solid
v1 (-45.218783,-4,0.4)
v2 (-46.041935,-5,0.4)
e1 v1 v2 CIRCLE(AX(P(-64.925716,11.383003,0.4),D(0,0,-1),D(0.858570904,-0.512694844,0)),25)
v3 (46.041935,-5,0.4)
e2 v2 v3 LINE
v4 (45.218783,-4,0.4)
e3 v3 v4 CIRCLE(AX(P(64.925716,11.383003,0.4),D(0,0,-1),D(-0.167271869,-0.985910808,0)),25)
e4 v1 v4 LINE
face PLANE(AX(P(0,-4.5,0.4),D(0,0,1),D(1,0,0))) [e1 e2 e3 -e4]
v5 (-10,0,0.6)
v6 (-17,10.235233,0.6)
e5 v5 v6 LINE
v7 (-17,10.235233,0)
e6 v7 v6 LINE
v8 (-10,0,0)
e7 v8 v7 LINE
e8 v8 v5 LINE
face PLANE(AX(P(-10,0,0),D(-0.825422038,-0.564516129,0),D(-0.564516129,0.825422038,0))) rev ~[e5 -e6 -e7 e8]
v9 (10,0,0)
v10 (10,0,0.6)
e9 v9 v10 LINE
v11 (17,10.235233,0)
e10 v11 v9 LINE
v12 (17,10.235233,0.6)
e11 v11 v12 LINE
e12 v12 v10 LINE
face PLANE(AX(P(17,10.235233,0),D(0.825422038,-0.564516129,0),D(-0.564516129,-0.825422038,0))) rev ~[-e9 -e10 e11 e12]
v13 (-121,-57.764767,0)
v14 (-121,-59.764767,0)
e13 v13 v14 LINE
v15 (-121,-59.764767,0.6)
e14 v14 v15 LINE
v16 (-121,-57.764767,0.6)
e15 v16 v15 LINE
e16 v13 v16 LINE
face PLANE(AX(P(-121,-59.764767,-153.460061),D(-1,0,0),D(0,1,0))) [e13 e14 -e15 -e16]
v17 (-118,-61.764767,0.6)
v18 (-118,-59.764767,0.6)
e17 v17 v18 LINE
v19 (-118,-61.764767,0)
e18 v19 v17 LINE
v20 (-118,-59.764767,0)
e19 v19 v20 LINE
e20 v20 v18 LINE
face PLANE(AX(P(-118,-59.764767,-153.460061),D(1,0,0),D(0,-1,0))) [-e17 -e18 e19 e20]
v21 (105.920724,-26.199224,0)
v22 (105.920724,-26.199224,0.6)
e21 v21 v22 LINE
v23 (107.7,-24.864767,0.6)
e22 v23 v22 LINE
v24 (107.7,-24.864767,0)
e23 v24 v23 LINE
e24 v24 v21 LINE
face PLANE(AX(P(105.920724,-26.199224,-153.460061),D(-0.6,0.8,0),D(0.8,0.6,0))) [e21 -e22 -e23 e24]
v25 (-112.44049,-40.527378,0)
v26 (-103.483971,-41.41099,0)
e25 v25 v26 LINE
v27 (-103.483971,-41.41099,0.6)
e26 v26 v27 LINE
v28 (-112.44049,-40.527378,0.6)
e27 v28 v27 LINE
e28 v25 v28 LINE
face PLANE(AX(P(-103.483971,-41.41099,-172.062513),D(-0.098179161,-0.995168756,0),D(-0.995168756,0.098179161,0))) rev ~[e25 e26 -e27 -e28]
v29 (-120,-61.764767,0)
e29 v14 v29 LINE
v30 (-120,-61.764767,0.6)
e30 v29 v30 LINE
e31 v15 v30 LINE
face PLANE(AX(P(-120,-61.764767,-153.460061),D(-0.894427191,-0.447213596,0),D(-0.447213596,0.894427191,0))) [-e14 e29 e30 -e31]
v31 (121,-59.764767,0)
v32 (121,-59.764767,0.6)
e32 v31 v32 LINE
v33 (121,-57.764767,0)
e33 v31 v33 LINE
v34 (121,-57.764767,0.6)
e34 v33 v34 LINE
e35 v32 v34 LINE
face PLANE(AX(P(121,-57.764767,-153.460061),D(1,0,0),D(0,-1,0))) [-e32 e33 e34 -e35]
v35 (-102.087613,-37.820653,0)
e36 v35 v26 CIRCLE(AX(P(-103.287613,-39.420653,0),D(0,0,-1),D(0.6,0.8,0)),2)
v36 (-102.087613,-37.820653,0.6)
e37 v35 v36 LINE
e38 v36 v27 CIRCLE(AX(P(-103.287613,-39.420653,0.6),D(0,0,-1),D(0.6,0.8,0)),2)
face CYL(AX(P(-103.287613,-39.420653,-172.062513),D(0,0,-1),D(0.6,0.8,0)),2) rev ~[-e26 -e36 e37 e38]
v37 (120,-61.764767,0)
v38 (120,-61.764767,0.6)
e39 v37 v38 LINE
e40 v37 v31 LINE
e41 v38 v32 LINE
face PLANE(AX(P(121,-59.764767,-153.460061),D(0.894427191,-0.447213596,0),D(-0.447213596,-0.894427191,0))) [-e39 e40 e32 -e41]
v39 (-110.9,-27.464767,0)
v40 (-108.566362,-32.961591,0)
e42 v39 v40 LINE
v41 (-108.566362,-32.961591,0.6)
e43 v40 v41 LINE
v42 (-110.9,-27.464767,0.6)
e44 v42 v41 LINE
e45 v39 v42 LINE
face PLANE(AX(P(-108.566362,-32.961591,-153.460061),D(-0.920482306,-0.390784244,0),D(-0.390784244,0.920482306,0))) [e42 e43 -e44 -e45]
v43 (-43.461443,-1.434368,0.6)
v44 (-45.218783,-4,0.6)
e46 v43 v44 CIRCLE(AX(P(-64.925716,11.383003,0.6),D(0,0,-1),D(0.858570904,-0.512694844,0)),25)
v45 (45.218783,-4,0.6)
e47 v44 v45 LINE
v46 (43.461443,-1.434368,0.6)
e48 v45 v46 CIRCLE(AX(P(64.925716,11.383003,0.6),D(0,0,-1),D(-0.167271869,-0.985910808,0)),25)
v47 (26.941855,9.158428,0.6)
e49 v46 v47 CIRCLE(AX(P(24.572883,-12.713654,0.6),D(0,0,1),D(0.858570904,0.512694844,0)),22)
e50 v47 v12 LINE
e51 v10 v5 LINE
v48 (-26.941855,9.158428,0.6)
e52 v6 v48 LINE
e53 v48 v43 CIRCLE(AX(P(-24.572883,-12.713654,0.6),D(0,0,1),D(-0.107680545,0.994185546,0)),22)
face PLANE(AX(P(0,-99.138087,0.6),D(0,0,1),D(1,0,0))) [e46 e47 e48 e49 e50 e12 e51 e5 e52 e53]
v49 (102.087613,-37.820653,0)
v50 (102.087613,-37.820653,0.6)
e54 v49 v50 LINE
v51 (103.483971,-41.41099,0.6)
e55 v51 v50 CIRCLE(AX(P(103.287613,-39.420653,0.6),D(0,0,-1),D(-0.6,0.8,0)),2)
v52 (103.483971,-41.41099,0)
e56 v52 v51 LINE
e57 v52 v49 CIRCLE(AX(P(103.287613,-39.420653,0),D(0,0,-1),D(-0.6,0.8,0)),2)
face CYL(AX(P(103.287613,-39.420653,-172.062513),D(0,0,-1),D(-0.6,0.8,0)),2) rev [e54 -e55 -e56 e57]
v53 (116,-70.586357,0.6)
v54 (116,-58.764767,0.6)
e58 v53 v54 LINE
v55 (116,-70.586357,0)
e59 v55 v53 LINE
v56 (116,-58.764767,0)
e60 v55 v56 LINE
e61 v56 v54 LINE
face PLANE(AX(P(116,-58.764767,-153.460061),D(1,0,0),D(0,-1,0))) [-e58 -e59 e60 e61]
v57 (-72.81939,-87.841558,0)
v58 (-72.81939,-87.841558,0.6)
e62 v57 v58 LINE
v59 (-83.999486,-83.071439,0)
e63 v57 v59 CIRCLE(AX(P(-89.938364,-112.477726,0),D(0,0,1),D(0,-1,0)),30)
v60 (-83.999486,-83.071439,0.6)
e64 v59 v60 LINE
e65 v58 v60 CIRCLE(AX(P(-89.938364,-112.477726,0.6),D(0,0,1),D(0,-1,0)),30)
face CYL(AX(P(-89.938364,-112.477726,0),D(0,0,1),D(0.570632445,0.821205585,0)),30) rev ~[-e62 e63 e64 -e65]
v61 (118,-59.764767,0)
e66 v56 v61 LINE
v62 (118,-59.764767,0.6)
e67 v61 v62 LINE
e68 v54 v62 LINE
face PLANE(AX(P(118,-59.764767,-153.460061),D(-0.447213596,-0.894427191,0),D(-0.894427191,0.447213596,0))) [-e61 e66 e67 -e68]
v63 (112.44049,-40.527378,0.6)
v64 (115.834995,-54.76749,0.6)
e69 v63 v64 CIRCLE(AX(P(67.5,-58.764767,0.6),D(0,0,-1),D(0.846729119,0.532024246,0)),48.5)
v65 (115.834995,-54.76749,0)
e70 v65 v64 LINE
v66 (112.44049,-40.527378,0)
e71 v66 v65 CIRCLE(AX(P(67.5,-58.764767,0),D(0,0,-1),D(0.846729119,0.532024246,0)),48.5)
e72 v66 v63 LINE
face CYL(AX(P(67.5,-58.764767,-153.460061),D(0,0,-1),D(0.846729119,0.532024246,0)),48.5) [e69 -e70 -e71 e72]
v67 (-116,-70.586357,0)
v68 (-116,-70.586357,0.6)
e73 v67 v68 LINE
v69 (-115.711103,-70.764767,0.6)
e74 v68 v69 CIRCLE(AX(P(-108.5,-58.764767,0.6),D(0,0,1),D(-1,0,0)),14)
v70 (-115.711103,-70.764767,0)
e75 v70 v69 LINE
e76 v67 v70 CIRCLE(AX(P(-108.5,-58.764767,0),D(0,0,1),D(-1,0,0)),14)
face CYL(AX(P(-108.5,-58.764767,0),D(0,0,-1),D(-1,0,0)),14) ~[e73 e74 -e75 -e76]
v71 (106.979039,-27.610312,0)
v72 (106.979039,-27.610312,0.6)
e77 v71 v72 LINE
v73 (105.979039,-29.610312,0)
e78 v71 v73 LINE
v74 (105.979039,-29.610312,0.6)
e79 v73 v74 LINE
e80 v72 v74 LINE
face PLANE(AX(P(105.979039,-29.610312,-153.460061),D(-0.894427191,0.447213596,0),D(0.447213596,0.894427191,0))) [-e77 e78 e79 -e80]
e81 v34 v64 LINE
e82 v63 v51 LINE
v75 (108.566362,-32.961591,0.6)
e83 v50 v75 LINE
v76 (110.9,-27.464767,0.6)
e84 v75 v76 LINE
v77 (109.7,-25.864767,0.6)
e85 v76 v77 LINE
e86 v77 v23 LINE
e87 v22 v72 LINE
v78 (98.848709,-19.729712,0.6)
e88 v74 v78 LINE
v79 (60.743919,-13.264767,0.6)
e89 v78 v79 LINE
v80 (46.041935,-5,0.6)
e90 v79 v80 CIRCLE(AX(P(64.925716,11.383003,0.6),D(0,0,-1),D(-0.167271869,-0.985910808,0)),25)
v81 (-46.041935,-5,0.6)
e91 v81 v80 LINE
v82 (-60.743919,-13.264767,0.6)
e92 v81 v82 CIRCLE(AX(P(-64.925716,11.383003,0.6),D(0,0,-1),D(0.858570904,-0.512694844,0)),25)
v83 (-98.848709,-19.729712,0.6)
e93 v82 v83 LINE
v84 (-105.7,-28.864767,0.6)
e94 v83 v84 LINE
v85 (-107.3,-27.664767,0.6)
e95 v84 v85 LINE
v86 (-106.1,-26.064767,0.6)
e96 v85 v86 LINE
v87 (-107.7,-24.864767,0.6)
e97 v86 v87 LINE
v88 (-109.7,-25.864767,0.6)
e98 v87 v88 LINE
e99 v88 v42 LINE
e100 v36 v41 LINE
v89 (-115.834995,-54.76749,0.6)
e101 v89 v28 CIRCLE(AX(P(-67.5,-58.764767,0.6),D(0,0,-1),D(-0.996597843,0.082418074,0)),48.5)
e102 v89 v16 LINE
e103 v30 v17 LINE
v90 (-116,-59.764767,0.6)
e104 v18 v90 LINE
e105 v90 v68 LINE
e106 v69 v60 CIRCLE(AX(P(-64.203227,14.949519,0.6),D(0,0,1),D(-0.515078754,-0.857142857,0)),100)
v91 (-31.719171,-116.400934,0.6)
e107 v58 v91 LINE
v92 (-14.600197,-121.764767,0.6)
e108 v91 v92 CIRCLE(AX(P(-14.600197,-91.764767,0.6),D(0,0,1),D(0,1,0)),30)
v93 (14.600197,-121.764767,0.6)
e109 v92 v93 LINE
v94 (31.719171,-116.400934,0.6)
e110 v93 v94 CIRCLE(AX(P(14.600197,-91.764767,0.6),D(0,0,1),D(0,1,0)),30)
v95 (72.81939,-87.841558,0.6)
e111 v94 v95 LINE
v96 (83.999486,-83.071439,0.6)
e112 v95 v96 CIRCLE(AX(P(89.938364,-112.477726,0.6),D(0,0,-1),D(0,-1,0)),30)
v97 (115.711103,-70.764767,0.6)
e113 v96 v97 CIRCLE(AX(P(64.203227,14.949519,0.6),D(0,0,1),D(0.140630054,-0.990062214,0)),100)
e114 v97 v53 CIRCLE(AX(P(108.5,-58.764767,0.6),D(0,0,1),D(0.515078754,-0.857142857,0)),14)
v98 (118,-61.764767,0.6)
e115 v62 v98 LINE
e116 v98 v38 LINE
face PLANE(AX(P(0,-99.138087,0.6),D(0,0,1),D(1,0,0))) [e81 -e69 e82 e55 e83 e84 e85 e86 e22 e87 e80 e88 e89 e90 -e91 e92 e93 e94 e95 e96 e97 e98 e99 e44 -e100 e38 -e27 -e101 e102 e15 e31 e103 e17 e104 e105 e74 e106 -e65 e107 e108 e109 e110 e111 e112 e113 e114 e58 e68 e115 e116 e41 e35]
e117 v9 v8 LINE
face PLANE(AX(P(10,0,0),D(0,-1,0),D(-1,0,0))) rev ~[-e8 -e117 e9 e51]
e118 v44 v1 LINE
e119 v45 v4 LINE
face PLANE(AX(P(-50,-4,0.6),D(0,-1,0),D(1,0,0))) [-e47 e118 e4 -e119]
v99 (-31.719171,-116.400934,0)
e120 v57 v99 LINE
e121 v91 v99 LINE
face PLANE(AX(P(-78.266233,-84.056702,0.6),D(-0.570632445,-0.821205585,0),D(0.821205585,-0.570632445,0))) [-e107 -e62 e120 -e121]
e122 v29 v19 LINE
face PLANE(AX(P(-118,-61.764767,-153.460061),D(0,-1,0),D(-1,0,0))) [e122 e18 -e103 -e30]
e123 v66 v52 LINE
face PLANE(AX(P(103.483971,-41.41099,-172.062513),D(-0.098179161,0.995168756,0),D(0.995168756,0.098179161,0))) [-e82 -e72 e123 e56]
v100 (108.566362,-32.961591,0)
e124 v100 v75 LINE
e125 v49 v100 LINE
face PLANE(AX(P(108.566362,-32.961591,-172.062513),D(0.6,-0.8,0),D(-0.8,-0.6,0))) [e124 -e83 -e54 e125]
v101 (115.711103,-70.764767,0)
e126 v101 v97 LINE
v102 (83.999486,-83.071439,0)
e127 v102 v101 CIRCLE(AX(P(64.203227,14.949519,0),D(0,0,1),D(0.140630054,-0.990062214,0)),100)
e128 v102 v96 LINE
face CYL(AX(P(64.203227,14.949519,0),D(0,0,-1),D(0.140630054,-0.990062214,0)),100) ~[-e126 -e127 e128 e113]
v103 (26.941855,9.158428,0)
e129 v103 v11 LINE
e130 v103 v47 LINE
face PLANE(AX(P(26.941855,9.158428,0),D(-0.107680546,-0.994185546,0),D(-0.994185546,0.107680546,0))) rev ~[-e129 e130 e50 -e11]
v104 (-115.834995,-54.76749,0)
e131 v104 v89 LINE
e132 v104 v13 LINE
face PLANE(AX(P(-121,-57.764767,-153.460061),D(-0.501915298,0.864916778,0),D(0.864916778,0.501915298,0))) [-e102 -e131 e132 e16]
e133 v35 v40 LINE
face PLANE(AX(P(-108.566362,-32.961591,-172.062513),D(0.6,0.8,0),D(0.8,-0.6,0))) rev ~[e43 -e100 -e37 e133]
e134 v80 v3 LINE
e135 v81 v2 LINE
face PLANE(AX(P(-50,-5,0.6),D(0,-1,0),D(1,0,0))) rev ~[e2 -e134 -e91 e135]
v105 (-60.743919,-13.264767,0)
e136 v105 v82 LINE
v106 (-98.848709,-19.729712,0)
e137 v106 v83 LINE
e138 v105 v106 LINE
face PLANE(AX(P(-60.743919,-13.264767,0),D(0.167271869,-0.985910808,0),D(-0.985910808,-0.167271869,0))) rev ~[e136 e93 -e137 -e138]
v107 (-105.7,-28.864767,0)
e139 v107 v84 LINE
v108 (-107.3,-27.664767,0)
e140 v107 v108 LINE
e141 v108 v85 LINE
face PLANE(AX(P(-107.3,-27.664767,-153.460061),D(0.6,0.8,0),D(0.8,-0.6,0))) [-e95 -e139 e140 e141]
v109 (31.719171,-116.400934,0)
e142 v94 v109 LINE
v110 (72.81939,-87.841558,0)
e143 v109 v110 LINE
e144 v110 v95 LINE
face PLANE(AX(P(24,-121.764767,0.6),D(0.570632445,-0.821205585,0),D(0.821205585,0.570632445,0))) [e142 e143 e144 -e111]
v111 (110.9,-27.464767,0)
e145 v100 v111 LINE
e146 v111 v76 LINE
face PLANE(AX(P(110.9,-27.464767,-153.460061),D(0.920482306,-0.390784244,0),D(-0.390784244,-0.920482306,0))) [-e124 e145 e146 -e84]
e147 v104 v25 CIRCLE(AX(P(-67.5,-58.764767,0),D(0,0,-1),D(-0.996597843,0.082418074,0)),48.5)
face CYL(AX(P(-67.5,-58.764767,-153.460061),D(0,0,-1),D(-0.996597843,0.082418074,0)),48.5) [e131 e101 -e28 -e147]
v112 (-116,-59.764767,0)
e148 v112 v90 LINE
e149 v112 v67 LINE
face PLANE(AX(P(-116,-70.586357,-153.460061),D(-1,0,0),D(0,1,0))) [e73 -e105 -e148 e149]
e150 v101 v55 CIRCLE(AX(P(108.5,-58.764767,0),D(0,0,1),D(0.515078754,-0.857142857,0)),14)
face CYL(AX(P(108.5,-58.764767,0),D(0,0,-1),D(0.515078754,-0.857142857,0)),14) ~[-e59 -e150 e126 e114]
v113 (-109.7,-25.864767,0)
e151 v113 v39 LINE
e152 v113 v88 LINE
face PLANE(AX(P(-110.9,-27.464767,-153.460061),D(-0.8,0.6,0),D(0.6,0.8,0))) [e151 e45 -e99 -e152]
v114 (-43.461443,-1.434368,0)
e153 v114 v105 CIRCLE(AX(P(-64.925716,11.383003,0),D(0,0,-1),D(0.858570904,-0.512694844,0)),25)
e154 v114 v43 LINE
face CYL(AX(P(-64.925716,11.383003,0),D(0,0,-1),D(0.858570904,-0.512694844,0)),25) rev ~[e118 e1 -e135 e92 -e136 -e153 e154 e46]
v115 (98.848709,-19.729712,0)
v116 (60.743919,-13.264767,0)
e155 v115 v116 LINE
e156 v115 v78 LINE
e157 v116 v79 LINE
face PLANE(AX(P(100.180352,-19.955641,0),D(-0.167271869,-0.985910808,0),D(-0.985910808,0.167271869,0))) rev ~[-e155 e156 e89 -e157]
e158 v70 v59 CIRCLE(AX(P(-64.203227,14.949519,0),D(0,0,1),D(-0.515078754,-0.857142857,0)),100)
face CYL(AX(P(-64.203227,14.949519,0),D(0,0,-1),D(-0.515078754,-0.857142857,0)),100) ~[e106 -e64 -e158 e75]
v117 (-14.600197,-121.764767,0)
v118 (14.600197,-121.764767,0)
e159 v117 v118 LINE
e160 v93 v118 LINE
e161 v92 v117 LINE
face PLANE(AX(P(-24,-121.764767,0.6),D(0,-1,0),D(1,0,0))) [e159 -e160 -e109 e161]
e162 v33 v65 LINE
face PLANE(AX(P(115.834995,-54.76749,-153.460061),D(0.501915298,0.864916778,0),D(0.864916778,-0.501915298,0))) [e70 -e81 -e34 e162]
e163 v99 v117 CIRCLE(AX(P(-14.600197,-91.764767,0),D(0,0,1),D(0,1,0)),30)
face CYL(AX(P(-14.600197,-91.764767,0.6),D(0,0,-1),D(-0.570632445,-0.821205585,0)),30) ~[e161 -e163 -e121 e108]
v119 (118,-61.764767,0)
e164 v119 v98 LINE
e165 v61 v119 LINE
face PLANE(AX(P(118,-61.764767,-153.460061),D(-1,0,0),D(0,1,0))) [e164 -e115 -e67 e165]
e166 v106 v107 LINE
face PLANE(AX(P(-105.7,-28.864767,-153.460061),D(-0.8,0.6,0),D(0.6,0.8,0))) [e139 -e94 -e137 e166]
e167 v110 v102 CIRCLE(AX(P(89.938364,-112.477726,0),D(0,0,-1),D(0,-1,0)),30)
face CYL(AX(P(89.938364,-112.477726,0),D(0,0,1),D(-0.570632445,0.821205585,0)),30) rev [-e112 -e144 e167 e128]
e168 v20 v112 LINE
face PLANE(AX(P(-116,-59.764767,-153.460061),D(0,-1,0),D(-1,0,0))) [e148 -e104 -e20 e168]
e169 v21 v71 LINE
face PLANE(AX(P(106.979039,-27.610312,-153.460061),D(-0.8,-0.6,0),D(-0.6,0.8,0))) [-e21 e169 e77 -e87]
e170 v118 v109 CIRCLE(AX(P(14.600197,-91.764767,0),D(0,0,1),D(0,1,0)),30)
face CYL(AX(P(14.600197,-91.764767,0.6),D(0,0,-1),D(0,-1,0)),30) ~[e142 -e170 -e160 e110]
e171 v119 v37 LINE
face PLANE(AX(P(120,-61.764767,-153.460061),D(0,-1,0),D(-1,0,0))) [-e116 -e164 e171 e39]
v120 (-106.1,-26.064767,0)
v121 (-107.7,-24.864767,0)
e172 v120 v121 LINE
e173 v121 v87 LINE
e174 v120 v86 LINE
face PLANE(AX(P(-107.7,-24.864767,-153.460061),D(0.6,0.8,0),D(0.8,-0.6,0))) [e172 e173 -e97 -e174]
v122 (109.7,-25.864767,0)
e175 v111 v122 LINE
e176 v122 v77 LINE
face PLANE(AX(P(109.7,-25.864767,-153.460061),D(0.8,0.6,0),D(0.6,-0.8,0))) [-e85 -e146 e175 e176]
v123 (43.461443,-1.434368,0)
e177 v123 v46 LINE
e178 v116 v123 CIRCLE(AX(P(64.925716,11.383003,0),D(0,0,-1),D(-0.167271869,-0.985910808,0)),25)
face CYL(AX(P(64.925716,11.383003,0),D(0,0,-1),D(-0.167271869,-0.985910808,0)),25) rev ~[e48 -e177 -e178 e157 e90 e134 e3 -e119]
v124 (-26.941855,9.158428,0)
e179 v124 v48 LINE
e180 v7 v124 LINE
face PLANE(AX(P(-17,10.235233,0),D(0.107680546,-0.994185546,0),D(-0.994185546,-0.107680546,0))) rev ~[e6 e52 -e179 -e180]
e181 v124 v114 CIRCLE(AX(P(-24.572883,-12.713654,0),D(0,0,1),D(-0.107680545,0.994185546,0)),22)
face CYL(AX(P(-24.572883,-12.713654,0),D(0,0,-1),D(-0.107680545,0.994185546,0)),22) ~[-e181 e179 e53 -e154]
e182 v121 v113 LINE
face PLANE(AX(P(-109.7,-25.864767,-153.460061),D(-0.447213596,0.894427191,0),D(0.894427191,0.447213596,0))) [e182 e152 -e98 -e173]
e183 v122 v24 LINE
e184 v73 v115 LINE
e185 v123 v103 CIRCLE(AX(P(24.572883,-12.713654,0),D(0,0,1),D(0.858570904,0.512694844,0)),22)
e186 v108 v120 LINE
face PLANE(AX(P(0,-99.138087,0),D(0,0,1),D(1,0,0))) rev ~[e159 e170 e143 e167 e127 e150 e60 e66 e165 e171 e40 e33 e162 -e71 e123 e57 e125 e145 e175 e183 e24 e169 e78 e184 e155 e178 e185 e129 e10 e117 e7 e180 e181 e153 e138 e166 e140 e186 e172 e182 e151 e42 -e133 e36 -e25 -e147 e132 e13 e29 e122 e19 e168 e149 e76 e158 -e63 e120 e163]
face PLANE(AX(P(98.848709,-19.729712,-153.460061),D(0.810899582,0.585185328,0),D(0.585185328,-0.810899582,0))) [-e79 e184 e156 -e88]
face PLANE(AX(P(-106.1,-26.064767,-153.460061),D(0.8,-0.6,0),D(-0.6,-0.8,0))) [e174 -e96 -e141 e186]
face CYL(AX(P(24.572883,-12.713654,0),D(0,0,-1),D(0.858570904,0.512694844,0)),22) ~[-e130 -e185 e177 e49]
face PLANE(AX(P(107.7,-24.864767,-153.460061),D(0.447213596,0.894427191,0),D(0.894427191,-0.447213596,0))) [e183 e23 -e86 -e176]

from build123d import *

# Parameters (mm, degrees)
MAIN_SHAPE_DEPTH               = 0.6
TABS_DEPTH                     = 154.060061459
TABS_DEPTH_BACK                = 154.060061459
CHIN_GUARD_DEPTH               = 0.6
FILLET1_R                      = 30
QUICK_RELEASE_NOTCH_DEPTH      = 172.662513141
QUICK_RELEASE_NOTCH_DEPTH_BACK = 172.662513141
SKETCH8_W                      = 100
SKETCH8_H                      = 1
CUT_EXTRUDE3_DEPTH             = 0.2


with BuildPart() as part:
    # Sketch1 → Main Shape (new body)
    with BuildSketch(Plane.XY):
        with BuildLine():
            Line((-24, -91.764766734), (24, -91.764766734))
            Line((24, -91.764766734), (78.266232563, -84.05670244))
            ThreePointArc((78.266232563, -84.05670244), (97.655491519, -79.289252293), (115.711102551, -70.764766734))
            ThreePointArc((115.711102551, -70.764766734), (120.685143325, -65.658407438), (122.5, -58.764766734))
            ThreePointArc((122.5, -58.764766734), (120.227482046, -43.118277124), (113.597722286, -28.764766734))
            ThreePointArc((113.597722286, -28.764766734), (107.811505455, -22.955172168), (100.180351554, -19.955641477))
            Line((100.180351554, -19.955641477), (60.74391922, -13.264766734))
            ThreePointArc((60.74391922, -13.264766734), (50.804108255, -9.246591688), (43.461443341, -1.434367632))
            ThreePointArc((43.461443341, -1.434367632), (36.448172688, 5.805997675), (26.941855461, 9.15842781))
            Line((26.941855461, 9.15842781), (17, 10.235233266))
            Line((17, 10.235233266), (10, 0))
            Line((10, 0), (-10, 0))
            Line((-10, 0), (-17, 10.235233266))
            Line((-17, 10.235233266), (-26.941855461, 9.15842781))
            ThreePointArc((-26.941855461, 9.15842781), (-36.448172688, 5.805997675), (-43.461443341, -1.434367632))
            ThreePointArc((-43.461443341, -1.434367632), (-50.804108255, -9.246591688), (-60.74391922, -13.264766734))
            Line((-60.74391922, -13.264766734), (-100.180351554, -19.955641477))
            ThreePointArc((-100.180351554, -19.955641477), (-107.811505455, -22.955172168), (-113.597722286, -28.764766734))
            ThreePointArc((-113.597722286, -28.764766734), (-120.227482046, -43.118277124), (-122.5, -58.764766734))
            ThreePointArc((-122.5, -58.764766734), (-120.685143325, -65.658407438), (-115.711102551, -70.764766734))
            ThreePointArc((-115.711102551, -70.764766734), (-97.655491519, -79.289252293), (-78.266232563, -84.05670244))
            Line((-78.266232563, -84.05670244), (-24, -91.764766734))
        make_face()
    extrude(amount=MAIN_SHAPE_DEPTH)

    # Sketch2 → Tabs (cut, two sides: drawn at the far end of the back side and taken through both)
    with BuildSketch(Plane.XY.offset(0.6).offset(-TABS_DEPTH_BACK)):
        with BuildLine():
            Line((-121, -59.764766734), (-121, -57.764766734))
            Line((-121, -57.764766734), (-115.834995394, -54.767490128))
            ThreePointArc((-115.834995394, -54.767490128), (-113.511139955, -43.427720083), (-108.566362279, -32.961590783))
            Line((-108.566362279, -32.961590783), (-110.9, -27.464766734))
            Line((-110.9, -27.464766734), (-109.7, -25.864766734))
            Line((-109.7, -25.864766734), (-107.7, -24.864766734))
            Line((-107.7, -24.864766734), (-106.1, -26.064766734))
            Line((-106.1, -26.064766734), (-107.3, -27.664766734))
            Line((-107.3, -27.664766734), (-105.7, -28.864766734))
            Line((-105.7, -28.864766734), (-98.84870892, -19.729711961))
            Line((-98.84870892, -19.729711961), (-100.180351554, -19.955641477))
            ThreePointArc((-100.180351554, -19.955641477), (-107.811505455, -22.955172168), (-113.597722286, -28.764766734))
            ThreePointArc((-113.597722286, -28.764766734), (-120.227482046, -43.118277124), (-122.5, -58.764766734))
            ThreePointArc((-122.5, -58.764766734), (-120.767844146, -65.510135516), (-116, -70.586357152))
            Line((-116, -70.586357152), (-116, -59.764766734))
            Line((-116, -59.764766734), (-118, -59.764766734))
            Line((-118, -59.764766734), (-118, -61.764766734))
            Line((-118, -61.764766734), (-120, -61.764766734))
            Line((-120, -61.764766734), (-121, -59.764766734))
        make_face()
        with BuildLine():
            Line((109.7, -25.864766734), (110.9, -27.464766734))
            Line((110.9, -27.464766734), (108.566362279, -32.961590783))
            ThreePointArc((108.566362279, -32.961590783), (113.511139955, -43.427720083), (115.834995394, -54.767490128))
            Line((115.834995394, -54.767490128), (121, -57.764766734))
            Line((121, -57.764766734), (121, -59.764766734))
            Line((121, -59.764766734), (120, -61.764766734))
            Line((120, -61.764766734), (118, -61.764766734))
            Line((118, -61.764766734), (118, -59.764766734))
            Line((118, -59.764766734), (116, -58.764766734))
            Line((116, -58.764766734), (116, -70.586357152))
            ThreePointArc((116, -70.586357152), (120.767844146, -65.510135516), (122.5, -58.764766734))
            ThreePointArc((122.5, -58.764766734), (120.227482046, -43.118277124), (113.597722286, -28.764766734))
            ThreePointArc((113.597722286, -28.764766734), (107.811505455, -22.955172168), (100.180351554, -19.955641477))
            Line((100.180351554, -19.955641477), (98.84870892, -19.729711961))
            Line((98.84870892, -19.729711961), (105.979039493, -29.610311845))
            Line((105.979039493, -29.610311845), (106.979039493, -27.610311845))
            Line((106.979039493, -27.610311845), (105.920723622, -26.199224018))
            Line((105.920723622, -26.199224018), (107.7, -24.864766734))
            Line((107.7, -24.864766734), (109.7, -25.864766734))
        make_face()
    extrude(amount=TABS_DEPTH + TABS_DEPTH_BACK, mode=Mode.SUBTRACT)

    # Sketch5 → Chin guard (add)
    with BuildSketch(Plane.XY.offset(0.6)):
        Polygon((-78.266232563, -84.05670244), (-24, -121.764766734), (24, -121.764766734), (78.266232563, -84.05670244), (24, -91.764766734), (-24, -91.764766734), align=None)
    extrude(amount=-CHIN_GUARD_DEPTH)

    # Fillet1
    fillet1_edges = [part.edges().sort_by_distance(p)[0] for p in [
        (-24, -121.764766734, 0.3),
        (24, -121.764766734, 0.3),
        (78.266232563, -84.05670244, 0.3),
        (-78.266232563, -84.05670244, 0.3),
    ]]
    fillet(fillet1_edges, radius=FILLET1_R)

    # Sketch7 → Quick Release Notch (cut, two sides: drawn at the far end of the back side and taken through both)
    with BuildSketch(Plane.XY.offset(0.6).offset(-QUICK_RELEASE_NOTCH_DEPTH_BACK)):
        with BuildLine():
            Line((-103.483971257, -41.410990303), (-112.440490058, -40.52737785))
            ThreePointArc((-112.440490058, -40.52737785), (-110.669490914, -36.659449404), (-108.566362279, -32.961590783))
            Line((-108.566362279, -32.961590783), (-102.087612935, -37.820652791))
            ThreePointArc((-102.087612935, -37.820652791), (-101.423623928, -40.145597606), (-103.483971257, -41.410990303))
        make_face()
        with BuildLine():
            Line((108.566362279, -32.961590783), (102.087612935, -37.820652791))
            ThreePointArc((102.087612935, -37.820652791), (101.423623928, -40.145597606), (103.483971257, -41.410990303))
            Line((103.483971257, -41.410990303), (112.440490058, -40.52737785))
            ThreePointArc((112.440490058, -40.52737785), (110.669490914, -36.659449404), (108.566362279, -32.961590783))
        make_face()
    extrude(amount=QUICK_RELEASE_NOTCH_DEPTH + QUICK_RELEASE_NOTCH_DEPTH_BACK, mode=Mode.SUBTRACT)

    # Sketch8 → Cut-Extrude3 (cut)
    with BuildSketch(Plane.XY.offset(0.6)):
        with Locations((0, -4.5)):
            Rectangle(SKETCH8_W, SKETCH8_H)
    extrude(amount=-CUT_EXTRUDE3_DEPTH, mode=Mode.SUBTRACT)


solid = part.part
